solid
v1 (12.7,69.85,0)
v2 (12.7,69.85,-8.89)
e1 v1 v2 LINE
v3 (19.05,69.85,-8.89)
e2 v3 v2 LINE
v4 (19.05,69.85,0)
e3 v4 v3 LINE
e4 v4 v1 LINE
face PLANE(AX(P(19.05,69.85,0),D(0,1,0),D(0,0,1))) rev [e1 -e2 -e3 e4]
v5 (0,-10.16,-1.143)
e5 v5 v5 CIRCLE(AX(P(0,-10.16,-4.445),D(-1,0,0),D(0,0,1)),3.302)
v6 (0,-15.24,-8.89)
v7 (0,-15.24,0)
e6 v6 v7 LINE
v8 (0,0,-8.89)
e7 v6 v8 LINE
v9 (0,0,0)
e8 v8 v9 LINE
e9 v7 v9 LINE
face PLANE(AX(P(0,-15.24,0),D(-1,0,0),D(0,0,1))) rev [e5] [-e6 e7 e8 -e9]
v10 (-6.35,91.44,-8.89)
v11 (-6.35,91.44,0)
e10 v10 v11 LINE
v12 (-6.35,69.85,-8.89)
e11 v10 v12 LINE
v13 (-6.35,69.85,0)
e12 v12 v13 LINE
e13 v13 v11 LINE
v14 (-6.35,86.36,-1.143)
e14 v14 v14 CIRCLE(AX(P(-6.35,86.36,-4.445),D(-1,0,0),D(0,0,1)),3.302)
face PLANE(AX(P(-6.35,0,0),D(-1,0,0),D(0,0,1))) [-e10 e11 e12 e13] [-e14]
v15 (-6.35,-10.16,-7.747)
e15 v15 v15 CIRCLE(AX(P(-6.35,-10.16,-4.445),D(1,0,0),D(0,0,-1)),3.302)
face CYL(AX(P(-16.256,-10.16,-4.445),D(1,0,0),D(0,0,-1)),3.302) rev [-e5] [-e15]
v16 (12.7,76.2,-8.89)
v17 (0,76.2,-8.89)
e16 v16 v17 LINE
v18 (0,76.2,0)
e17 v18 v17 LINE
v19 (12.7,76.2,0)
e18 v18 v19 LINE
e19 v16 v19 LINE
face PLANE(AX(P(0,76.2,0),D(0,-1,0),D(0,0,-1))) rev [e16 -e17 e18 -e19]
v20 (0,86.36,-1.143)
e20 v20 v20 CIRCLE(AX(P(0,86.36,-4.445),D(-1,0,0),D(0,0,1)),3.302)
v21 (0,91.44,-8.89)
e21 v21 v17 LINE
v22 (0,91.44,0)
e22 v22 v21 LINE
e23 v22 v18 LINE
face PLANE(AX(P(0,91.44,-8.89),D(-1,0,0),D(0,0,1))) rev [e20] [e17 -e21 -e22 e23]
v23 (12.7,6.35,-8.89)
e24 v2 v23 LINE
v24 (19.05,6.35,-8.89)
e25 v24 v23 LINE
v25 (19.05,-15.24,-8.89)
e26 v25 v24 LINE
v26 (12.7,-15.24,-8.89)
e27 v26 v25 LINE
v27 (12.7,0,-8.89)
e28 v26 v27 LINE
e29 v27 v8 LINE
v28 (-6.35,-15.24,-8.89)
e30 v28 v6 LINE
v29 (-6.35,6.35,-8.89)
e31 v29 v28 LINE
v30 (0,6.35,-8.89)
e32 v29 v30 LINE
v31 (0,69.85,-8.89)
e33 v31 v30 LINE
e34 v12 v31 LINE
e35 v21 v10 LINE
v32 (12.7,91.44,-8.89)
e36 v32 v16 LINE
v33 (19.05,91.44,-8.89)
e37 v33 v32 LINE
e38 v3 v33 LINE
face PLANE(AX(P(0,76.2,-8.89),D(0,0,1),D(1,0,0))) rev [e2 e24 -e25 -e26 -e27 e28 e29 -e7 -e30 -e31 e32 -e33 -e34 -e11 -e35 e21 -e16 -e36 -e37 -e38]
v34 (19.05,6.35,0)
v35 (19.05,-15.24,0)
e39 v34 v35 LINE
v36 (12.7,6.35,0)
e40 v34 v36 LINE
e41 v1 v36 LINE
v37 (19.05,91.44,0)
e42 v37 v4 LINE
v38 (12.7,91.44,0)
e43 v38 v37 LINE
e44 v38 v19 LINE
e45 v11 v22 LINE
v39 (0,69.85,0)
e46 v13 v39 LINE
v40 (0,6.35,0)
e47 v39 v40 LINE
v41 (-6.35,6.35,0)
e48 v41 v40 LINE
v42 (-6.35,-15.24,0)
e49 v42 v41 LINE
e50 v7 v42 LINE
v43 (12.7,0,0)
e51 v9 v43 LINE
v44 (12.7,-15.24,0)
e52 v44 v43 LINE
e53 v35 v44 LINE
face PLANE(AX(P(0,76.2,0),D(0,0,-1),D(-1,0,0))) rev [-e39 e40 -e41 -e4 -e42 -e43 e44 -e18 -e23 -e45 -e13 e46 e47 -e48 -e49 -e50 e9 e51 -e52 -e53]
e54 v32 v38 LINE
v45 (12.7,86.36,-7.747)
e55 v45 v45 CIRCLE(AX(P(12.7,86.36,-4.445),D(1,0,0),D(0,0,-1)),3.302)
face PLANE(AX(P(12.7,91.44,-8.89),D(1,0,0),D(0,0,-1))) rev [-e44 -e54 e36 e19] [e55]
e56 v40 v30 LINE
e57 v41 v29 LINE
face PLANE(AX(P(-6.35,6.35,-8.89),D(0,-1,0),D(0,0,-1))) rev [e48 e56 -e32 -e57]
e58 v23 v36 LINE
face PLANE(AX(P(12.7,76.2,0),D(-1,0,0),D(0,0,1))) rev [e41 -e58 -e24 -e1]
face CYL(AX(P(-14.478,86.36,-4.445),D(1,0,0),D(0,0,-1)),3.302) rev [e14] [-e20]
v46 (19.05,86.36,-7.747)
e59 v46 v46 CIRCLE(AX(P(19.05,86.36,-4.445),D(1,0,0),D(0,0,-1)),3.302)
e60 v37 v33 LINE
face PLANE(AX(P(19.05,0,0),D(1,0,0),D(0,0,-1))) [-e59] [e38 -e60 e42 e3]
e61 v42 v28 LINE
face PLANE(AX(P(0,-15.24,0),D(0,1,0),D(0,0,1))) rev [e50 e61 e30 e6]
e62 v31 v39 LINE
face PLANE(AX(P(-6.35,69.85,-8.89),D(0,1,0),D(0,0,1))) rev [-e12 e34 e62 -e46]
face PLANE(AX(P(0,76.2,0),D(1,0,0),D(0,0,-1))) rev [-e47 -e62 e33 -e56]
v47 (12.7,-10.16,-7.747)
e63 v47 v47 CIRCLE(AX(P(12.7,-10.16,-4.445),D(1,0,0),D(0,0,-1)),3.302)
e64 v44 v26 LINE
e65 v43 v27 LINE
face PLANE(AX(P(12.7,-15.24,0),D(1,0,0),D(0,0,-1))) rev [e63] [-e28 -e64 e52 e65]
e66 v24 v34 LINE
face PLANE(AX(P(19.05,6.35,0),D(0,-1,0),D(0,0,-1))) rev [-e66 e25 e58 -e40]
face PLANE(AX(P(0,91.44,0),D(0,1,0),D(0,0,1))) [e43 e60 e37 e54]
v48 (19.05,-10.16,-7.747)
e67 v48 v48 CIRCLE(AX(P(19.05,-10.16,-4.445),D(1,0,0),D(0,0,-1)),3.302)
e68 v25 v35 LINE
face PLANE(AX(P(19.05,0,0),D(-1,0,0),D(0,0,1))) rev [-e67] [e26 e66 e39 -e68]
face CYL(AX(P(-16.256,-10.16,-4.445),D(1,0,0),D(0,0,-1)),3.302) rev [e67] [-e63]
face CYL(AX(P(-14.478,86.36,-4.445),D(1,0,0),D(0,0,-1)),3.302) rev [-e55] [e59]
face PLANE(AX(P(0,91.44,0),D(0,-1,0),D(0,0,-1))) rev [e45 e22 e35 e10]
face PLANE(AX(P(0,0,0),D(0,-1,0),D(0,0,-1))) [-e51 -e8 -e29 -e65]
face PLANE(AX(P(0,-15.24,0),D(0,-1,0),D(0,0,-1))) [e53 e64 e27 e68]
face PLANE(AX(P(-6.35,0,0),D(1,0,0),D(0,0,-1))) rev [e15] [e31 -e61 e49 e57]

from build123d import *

# Parameters (mm, degrees)
SKETCH1_W           = 12.7
SKETCH1_H           = 8.89
BOSS_EXTRUDE1_DEPTH = 76.2
SKETCH2_W           = 8.89
SKETCH2_H           = 6.35
BOSS_EXTRUDE2_DEPTH = 6.35
SKETCH3_W           = 8.89
SKETCH3_H           = 6.35
BOSS_EXTRUDE3_DEPTH = 6.35
SKETCH4_W           = 6.35
SKETCH4_H           = 8.89
BOSS_EXTRUDE4_DEPTH = 15.24
SKETCH7_W           = 6.35
SKETCH7_H           = 8.89
BOSS_EXTRUDE5_DEPTH = 15.24
SKETCH8_R           = 3.302
CUT_EXTRUDE2_DEPTH  = 35.306
SKETCH6_R           = 3.302
CUT_EXTRUDE3_DEPTH  = 33.528


with BuildPart() as part:
    # Sketch1 → Boss-Extrude1 (new body)
    with BuildSketch(Plane(origin=(0, 0, 0), x_dir=(1, 0, 0), z_dir=(0, 1, 0))):
        with Locations((6.35, 4.445)):
            Rectangle(SKETCH1_W, SKETCH1_H)
    extrude(amount=BOSS_EXTRUDE1_DEPTH)

    # Sketch2 → Boss-Extrude2 (add)
    with BuildSketch(Plane(origin=(12.7, 0, 0), x_dir=(0, 0, -1), z_dir=(1, 0, 0))):
        with Locations((4.445, 3.175)):
            Rectangle(SKETCH2_W, SKETCH2_H)
        with Locations((4.445, 73.025)):
            Rectangle(SKETCH2_W, SKETCH2_H)
    extrude(amount=BOSS_EXTRUDE2_DEPTH)

    # Sketch3 → Boss-Extrude3 (add)
    with BuildSketch(Plane.ZY):
        with Locations((-4.445, 3.175)):
            Rectangle(SKETCH3_W, SKETCH3_H)
        with Locations((-4.445, 73.025)):
            Rectangle(SKETCH3_W, SKETCH3_H)
    extrude(amount=BOSS_EXTRUDE3_DEPTH)

    # Sketch4 → Boss-Extrude4 (add)
    with BuildSketch(Plane(origin=(0, 76.2, 0), x_dir=(1, 0, 0), z_dir=(0, 1, 0))):
        with Locations((-3.175, 4.445)):
            Rectangle(SKETCH4_W, SKETCH4_H)
        with Locations((15.875, 4.445)):
            Rectangle(SKETCH4_W, SKETCH4_H)
    extrude(amount=BOSS_EXTRUDE4_DEPTH)

    # Sketch7 → Boss-Extrude5 (add)
    with BuildSketch(Plane.XZ):
        with Locations((-3.175, -4.445)):
            Rectangle(SKETCH7_W, SKETCH7_H)
        with Locations((15.875, -4.445)):
            Rectangle(SKETCH7_W, SKETCH7_H)
    extrude(amount=BOSS_EXTRUDE5_DEPTH)

    # Sketch8 → Cut-Extrude2 (cut)
    with BuildSketch(Plane(origin=(19.05, 0, 0), x_dir=(0, 0, -1), z_dir=(1, 0, 0))):
        with Locations((4.445, -10.16)):
            Circle(SKETCH8_R)
    extrude(amount=-CUT_EXTRUDE2_DEPTH, mode=Mode.SUBTRACT)

    # Sketch6 → Cut-Extrude3 (cut)
    with BuildSketch(Plane(origin=(19.05, 0, 0), x_dir=(0, 0, -1), z_dir=(1, 0, 0))):
        with Locations((4.445, 86.36)):
            Circle(SKETCH6_R)
    extrude(amount=-CUT_EXTRUDE3_DEPTH, mode=Mode.SUBTRACT)


solid = part.part
